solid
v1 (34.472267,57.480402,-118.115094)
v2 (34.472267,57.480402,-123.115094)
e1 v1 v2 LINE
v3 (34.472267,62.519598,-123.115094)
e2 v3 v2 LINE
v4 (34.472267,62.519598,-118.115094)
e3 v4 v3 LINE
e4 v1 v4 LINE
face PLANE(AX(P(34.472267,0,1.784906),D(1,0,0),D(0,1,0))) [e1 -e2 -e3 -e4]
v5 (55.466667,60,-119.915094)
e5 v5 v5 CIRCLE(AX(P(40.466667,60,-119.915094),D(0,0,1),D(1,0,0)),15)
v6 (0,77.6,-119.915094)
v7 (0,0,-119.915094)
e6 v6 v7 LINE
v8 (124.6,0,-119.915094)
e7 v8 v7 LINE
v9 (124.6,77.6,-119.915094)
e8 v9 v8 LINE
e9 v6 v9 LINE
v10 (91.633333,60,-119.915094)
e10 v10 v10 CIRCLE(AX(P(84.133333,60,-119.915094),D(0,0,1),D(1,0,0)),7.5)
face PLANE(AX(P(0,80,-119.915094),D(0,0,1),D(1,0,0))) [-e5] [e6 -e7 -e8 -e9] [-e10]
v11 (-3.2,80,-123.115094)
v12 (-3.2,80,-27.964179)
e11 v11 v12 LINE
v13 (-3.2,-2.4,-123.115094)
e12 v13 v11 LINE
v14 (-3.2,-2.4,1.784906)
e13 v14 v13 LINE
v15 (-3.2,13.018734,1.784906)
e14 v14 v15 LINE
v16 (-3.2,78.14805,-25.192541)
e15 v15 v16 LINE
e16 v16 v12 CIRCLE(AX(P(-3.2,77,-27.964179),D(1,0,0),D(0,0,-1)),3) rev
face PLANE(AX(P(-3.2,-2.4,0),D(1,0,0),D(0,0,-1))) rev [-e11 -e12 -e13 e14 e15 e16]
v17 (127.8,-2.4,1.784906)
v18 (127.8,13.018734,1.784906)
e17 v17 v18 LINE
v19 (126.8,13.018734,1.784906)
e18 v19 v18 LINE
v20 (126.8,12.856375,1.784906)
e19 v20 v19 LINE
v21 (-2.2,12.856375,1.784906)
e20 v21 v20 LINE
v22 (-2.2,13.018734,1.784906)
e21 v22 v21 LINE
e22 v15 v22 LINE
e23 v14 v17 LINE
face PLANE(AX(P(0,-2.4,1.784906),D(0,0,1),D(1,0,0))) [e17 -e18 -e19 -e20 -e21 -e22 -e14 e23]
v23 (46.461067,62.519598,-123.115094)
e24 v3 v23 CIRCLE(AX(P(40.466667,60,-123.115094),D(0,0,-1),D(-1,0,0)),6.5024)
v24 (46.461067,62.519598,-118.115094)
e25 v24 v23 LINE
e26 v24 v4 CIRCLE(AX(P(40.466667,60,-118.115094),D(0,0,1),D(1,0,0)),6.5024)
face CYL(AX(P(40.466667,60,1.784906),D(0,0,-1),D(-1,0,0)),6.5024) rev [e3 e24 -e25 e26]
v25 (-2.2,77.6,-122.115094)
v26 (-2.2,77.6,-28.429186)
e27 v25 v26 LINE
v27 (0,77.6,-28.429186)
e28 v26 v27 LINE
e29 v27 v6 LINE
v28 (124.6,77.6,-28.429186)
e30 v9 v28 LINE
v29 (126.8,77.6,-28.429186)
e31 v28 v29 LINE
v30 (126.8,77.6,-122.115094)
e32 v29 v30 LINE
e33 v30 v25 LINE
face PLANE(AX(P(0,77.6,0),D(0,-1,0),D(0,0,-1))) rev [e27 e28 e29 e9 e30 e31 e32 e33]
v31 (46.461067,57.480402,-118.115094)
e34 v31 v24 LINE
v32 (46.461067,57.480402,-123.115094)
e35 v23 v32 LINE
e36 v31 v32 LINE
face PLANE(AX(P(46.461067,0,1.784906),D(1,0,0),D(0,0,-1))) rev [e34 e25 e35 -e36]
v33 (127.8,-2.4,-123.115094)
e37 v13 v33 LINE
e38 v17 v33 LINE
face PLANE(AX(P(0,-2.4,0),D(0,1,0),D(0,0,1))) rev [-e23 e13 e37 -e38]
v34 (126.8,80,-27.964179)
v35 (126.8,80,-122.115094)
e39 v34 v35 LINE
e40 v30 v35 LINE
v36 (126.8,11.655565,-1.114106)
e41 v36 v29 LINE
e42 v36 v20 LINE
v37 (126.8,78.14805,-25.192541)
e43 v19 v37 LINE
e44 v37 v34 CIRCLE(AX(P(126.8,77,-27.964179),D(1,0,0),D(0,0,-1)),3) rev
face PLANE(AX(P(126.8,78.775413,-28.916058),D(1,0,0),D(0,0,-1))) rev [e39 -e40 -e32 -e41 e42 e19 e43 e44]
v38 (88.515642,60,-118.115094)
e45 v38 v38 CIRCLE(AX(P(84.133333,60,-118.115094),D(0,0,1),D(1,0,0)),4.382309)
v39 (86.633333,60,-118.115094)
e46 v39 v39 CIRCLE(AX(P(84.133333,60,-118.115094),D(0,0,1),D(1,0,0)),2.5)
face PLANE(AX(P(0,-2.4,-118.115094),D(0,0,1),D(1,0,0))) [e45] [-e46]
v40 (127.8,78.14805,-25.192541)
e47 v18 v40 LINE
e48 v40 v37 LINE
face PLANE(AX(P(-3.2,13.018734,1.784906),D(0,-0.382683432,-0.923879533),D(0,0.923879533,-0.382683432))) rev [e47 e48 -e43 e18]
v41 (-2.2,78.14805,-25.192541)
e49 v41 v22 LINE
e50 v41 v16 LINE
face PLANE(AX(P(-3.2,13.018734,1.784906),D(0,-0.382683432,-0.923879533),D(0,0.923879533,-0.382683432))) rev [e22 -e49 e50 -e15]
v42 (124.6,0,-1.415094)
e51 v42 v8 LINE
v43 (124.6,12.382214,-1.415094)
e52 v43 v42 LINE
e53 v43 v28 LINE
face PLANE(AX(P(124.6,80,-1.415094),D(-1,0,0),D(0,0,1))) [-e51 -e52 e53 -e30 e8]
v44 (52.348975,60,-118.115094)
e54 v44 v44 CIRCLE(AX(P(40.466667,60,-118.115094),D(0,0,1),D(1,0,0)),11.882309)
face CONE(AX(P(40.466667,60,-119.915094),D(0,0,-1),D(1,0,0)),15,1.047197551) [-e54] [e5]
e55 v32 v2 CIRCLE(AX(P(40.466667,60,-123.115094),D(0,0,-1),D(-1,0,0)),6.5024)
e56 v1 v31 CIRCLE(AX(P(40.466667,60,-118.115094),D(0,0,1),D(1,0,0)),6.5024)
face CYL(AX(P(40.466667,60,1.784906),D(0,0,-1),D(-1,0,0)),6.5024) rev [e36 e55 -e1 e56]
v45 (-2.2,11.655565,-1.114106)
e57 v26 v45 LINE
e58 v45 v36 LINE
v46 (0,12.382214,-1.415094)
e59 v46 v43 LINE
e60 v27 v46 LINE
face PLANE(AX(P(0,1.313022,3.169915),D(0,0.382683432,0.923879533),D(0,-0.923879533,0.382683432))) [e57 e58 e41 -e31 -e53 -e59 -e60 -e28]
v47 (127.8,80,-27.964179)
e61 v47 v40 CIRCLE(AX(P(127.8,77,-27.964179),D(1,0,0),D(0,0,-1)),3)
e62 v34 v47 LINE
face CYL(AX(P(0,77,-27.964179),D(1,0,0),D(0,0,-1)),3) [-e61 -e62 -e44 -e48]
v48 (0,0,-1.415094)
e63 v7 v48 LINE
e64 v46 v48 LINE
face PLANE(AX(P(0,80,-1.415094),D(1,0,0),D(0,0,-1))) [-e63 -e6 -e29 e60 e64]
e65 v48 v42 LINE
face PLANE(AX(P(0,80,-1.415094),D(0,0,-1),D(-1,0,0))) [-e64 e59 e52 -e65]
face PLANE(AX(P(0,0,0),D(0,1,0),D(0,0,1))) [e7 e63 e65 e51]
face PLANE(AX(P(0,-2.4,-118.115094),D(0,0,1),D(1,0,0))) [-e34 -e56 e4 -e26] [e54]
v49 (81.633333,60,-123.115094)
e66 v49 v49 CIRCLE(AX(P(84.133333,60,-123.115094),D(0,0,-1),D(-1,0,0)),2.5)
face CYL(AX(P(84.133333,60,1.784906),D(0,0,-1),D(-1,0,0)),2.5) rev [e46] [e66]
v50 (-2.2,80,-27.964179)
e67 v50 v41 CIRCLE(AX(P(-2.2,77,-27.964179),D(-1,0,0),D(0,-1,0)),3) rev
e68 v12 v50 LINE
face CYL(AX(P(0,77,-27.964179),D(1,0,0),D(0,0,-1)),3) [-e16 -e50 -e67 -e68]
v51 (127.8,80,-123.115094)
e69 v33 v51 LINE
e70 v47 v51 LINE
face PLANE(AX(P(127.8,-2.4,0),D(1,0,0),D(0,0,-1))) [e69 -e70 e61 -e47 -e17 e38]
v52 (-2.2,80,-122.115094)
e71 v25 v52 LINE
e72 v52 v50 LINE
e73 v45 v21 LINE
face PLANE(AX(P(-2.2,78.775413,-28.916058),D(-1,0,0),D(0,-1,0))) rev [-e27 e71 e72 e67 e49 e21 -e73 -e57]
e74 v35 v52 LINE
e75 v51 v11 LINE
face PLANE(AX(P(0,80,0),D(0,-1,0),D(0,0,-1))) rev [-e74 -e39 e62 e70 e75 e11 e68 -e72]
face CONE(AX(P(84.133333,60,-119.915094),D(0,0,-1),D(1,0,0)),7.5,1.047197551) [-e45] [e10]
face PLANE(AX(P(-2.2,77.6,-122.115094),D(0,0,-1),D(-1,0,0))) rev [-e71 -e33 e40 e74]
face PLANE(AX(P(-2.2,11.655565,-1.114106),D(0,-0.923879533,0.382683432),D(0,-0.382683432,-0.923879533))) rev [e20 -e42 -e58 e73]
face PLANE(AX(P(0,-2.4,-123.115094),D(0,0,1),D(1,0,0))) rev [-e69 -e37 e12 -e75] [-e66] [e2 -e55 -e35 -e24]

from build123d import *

# Parameters (mm, degrees)
SKETCH1_W                     = 131
SKETCH1_H                     = 124.9
SKETCH1_W_2                   = 124.6
SKETCH1_H_2                   = 118.5
BOSS_EXTRUDE1_DEPTH           = 2.4
SKETCH1_3_W                   = 131
SKETCH1_3_H                   = 124.9
SKETCH1_3_W_2                 = 124.6
SKETCH1_3_H_2                 = 118.5
BOSS_EXTRUDE2_DEPTH           = 80
CUT_EXTRUDE1_DEPTH            = 197.769729517
CUT_EXTRUDE2_REACH            = 199.577
SKETCH3_W                     = 124.6
SKETCH3_H                     = 3.362002976
SKETCH4_W                     = 129
SKETCH4_H                     = 72.65
CUT_EXTRUDE3_DEPTH            = 3.2
SKETCH5_W                     = 129
SKETCH5_H                     = 96.155451154
CUT_EXTRUDE4_DEPTH            = 2.4
FILLET1_R                     = 3
SKETCH7_R                     = 15
BOSS_EXTRUDE3_DEPTH           = 1.8
BOSS_EXTRUDE3_DRAFT           = 60
SKETCH7_R_2                   = 7.5
BOSS_EXTRUDE3_PROFILE_2_DEPTH = 1.8
BOSS_EXTRUDE3_PROFILE_2_DRAFT = 60
SKETCH6_W                     = 11.9888
SKETCH6_H                     = 2.519598063
SKETCH6_R                     = 2.5
CUT_EXTRUDE6_DEPTH            = 196.787767749


with BuildPart() as part:
    # Sketch1 → Boss-Extrude1 (new body)
    # profile 1 of 2: a face of its own
    with BuildSketch(Plane(origin=(0, 0, 0), x_dir=(1, 0, 0), z_dir=(0, 1, 0))):
        with Locations((62.3, 60.66509434)):
            Rectangle(SKETCH1_W, SKETCH1_H)
        with Locations((62.3, 60.66509434)):
            Rectangle(SKETCH1_W_2, SKETCH1_H_2, mode=Mode.SUBTRACT)
    # profile 2 of 2: a face of its own
    with BuildSketch(Plane(origin=(0, 0, 0), x_dir=(1, 0, 0), z_dir=(0, 1, 0))):
        with Locations((62.3, 60.66509434)):
            Rectangle(SKETCH1_W_2, SKETCH1_H_2)
    extrude(amount=-BOSS_EXTRUDE1_DEPTH)

    # Sketch1<3> → Boss-Extrude2 (add)
    with BuildSketch(Plane(origin=(0, 0, 0), x_dir=(1, 0, 0), z_dir=(0, 1, 0))):
        with Locations((62.3, 60.66509434)):
            Rectangle(SKETCH1_3_W, SKETCH1_3_H)
        with Locations((62.3, 60.66509434)):
            Rectangle(SKETCH1_3_W_2, SKETCH1_3_H_2, mode=Mode.SUBTRACT)
    extrude(amount=BOSS_EXTRUDE2_DEPTH)

    # Sketch2 → Cut-Extrude1 (cut, through all)
    with BuildSketch(Plane(origin=(127.8, 0, 0), x_dir=(0, 0, -1), z_dir=(1, 0, 0))):
        Polygon((-1.78490566, 13.018733893), (25.959643186, 80), (-1.78490566, 80), align=None)
    extrude(amount=-CUT_EXTRUDE1_DEPTH, mode=Mode.SUBTRACT)

    # Sketch3 → Cut-Extrude2 (cut, up to next)
    with BuildSketch(Plane(origin=(0, 2.537608886, 6.126329787), x_dir=(1, 0, 0), z_dir=(0, 0.38268343236508395, 0.9238795325112892)), mode=Mode.PRIVATE) as cut_extrude2_sk1:
        with Locations((62.3, 18.025689446)):
            Rectangle(SKETCH3_W, SKETCH3_H)
    cut_extrude2_tool1 = extrude(cut_extrude2_sk1.sketch, amount=-CUT_EXTRUDE2_REACH, mode=Mode.PRIVATE) & part.part
    add(cut_extrude2_tool1.solids().sort_by_distance((62.3, 19.191174, -0.771803))[0], mode=Mode.SUBTRACT)

    # Sketch4 → Cut-Extrude3 (cut)
    with BuildSketch(Plane(origin=(0, 2.537608886, 6.126329787), x_dir=(1, 0, 0), z_dir=(0, 0.38268343236508423, 0.9238795325112892))):
        with Locations((62.3, 47.519687958)):
            Rectangle(SKETCH4_W, SKETCH4_H)
    extrude(amount=-CUT_EXTRUDE3_DEPTH, mode=Mode.SUBTRACT)

    # Sketch5 → Cut-Extrude4 (cut)
    with BuildSketch(Plane(origin=(0, 80, 0), x_dir=(1, 0, 0), z_dir=(0, 1, 0))):
        with Locations((62.3, 74.037368763)):
            Rectangle(SKETCH5_W, SKETCH5_H)
    extrude(amount=-CUT_EXTRUDE4_DEPTH, mode=Mode.SUBTRACT)

    # Fillet1
    fillet1_edges = [part.edges().sort_by_distance(p)[0] for p in [
        (-2.7, 80, -25.959643186),
        (127.3, 80, -25.959643186),
    ]]
    fillet(fillet1_edges, radius=FILLET1_R)


with BuildPart() as boss_extrude3_tool:
    # Sketch7 → Boss-Extrude3 (with draft: the straight prism first)
    with BuildSketch(Plane.XY.offset(-119.91509434)):
        with Locations((40.466666667, 60)):
            Circle(SKETCH7_R)
    extrude(amount=BOSS_EXTRUDE3_DEPTH)
    # Boss-Extrude3: the draft: its side faces are tilted about the plane it starts from
    boss_extrude3_sides = [boss_extrude3_tool.faces().sort_by_distance(p)[0] for p in [
        (25.466666667, 60, -119.01509434),
    ]]
    draft(boss_extrude3_sides, Plane.XY.offset(-119.91509434), BOSS_EXTRUDE3_DRAFT)


with BuildPart() as part_1:
    add(part.part)

    # Boss-Extrude3: add boss_extrude3_tool
    add(boss_extrude3_tool.part)


with BuildPart() as boss_extrude3_profile_2_tool:
    # Sketch7 → Boss-Extrude3 profile 2 (with draft: the straight prism first)
    with BuildSketch(Plane.XY.offset(-119.91509434)):
        with Locations((84.133333333, 60)):
            Circle(SKETCH7_R_2)
    extrude(amount=BOSS_EXTRUDE3_PROFILE_2_DEPTH)
    # Boss-Extrude3 profile 2: the draft: its side faces are tilted about the plane it starts from
    boss_extrude3_profile_2_sides = [boss_extrude3_profile_2_tool.faces().sort_by_distance(p)[0] for p in [
        (76.633333333, 60, -119.01509434),
    ]]
    draft(boss_extrude3_profile_2_sides, Plane.XY.offset(-119.91509434), BOSS_EXTRUDE3_PROFILE_2_DRAFT)


with BuildPart() as part_2:
    add(part_1.part)

    # Boss-Extrude3 profile 2: add boss_extrude3_profile_2_tool
    add(boss_extrude3_profile_2_tool.part)

    # Sketch6 → Cut-Extrude6 (cut, through all)
    with BuildSketch(Plane(origin=(0, 0, -123.11509434), x_dir=(-1, 0, 0), z_dir=(0, 0, -1))):
        with BuildLine():
            Line((-34.472266667, 57.480401937), (-46.461066667, 57.480401937))
            ThreePointArc((-46.461066667, 57.480401937), (-40.466666667, 53.4976), (-34.472266667, 57.480401937))
        make_face()
        with Locations((-40.466666667, 58.740200969)):
            Rectangle(SKETCH6_W, SKETCH6_H)
        with Locations((-40.466666667, 61.259799032)):
            Rectangle(SKETCH6_W, SKETCH6_H)
        with BuildLine():
            ThreePointArc((-34.472266667, 62.519598063), (-40.466666667, 66.5024), (-46.461066667, 62.519598063))
            Line((-46.461066667, 62.519598063), (-34.472266667, 62.519598063))
        make_face()
        with Locations((-84.133333333, 60)):
            Circle(SKETCH6_R)
    extrude(amount=-CUT_EXTRUDE6_DEPTH, mode=Mode.SUBTRACT)


solid = part_2.part
